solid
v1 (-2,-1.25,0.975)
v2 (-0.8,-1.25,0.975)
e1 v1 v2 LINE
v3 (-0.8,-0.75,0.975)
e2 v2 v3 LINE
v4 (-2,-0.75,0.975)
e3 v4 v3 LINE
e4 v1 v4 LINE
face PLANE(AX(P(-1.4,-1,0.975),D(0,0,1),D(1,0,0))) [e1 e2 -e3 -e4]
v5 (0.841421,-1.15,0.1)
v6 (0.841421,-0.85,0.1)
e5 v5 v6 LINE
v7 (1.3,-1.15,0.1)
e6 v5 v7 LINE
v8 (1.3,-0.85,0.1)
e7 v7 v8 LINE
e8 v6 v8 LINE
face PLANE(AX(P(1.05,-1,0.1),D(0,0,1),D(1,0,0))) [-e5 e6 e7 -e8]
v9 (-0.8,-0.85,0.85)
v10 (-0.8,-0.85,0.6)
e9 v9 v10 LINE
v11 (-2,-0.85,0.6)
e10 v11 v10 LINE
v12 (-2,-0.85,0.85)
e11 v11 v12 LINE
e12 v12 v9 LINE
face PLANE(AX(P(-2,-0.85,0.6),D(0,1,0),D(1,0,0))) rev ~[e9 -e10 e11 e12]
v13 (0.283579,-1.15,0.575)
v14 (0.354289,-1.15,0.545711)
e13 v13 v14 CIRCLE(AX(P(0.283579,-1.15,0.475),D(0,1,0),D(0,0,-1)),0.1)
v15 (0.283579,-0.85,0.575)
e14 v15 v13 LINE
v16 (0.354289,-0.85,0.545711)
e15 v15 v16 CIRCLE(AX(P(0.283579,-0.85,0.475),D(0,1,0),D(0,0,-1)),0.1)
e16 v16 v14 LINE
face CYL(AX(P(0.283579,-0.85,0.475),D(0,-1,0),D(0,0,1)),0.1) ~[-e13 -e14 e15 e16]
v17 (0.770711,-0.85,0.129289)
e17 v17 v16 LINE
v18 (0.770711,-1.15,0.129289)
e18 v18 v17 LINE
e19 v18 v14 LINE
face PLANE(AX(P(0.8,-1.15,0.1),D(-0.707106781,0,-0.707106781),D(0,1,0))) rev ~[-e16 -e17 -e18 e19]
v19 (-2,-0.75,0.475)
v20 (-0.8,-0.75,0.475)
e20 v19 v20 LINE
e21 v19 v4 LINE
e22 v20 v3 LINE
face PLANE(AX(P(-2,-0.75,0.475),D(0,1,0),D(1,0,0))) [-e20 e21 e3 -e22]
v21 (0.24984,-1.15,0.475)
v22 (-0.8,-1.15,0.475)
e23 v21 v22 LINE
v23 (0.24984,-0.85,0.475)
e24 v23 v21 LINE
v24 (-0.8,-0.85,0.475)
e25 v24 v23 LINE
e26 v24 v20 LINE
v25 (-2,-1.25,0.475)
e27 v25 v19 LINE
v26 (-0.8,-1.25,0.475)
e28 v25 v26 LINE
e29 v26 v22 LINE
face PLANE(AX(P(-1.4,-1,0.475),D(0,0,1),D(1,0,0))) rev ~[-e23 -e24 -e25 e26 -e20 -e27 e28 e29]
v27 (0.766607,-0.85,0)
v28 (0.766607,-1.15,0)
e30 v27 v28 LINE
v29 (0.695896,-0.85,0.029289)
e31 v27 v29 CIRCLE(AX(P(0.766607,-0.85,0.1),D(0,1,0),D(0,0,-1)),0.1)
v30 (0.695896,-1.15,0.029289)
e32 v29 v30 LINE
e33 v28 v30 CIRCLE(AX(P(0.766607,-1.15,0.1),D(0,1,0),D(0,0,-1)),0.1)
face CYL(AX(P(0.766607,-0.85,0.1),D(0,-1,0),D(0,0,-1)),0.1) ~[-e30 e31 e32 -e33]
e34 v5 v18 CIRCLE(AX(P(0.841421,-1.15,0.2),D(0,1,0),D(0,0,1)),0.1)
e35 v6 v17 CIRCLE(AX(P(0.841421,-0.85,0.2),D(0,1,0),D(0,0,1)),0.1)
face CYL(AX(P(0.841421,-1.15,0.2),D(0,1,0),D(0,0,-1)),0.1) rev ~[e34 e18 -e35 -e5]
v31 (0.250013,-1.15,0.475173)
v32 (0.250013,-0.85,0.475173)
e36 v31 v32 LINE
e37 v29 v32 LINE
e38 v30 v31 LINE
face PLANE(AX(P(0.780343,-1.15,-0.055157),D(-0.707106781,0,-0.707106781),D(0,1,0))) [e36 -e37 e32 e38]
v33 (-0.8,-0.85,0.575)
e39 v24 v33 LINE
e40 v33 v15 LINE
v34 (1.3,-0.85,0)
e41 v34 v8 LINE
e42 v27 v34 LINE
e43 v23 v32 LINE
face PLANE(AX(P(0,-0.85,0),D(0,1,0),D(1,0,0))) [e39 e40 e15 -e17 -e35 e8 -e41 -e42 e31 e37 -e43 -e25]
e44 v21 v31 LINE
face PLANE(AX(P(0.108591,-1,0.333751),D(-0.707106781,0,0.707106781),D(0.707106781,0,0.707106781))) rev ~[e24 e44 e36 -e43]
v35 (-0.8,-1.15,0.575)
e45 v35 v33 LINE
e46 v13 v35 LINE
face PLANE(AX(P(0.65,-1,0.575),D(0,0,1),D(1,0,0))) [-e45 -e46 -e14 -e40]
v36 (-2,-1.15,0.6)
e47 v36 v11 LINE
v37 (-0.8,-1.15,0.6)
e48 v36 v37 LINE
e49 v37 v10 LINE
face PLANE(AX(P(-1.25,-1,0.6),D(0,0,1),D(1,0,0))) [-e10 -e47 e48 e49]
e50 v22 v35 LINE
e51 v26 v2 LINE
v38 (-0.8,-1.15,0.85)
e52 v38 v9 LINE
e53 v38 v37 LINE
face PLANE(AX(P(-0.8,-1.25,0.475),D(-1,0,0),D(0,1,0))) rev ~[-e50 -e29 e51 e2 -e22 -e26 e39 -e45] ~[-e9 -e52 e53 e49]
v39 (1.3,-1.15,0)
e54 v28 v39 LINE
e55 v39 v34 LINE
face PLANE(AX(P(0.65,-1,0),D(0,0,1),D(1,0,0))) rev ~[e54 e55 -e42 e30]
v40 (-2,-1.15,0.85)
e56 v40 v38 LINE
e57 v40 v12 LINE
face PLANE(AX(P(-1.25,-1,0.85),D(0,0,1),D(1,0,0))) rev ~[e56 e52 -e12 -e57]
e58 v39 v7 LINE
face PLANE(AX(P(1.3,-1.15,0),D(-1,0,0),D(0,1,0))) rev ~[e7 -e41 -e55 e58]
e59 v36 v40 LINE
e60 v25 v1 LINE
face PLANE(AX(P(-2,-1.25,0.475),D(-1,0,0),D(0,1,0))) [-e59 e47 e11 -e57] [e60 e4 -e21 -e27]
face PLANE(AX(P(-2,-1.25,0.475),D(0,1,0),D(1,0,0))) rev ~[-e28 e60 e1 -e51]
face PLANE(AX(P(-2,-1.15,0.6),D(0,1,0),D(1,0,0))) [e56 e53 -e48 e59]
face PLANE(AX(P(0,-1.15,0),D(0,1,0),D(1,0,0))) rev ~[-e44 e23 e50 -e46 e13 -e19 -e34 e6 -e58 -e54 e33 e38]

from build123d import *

# Parameters (mm, degrees)
BOX151_W     = 1.2
BOX151_H     = 0.5
BOX151_DEPTH = 0.5
BOX157_W     = 1.5
BOX157_H     = 0.3
BOX157_DEPTH = 0.1
BOX152_W     = 1.3
BOX152_H     = 0.3
BOX152_DEPTH = 0.575
BOX156_W     = 0.25
BOX156_H     = 0.3
BOX156_DEPTH = 0.475
BOX154_W     = 0.5
BOX154_H     = 0.3
BOX154_DEPTH = 0.5
BOX155_W     = 0.5
BOX155_H     = 0.3
BOX155_DEPTH = 0.75
BOX158_W     = 0.4
BOX158_H     = 0.3
BOX158_DEPTH = 0.75
FILLET025_R  = 0.1
FILLET024_R  = 0.1
BOX153_W     = 1.5
BOX153_H     = 0.3
BOX153_DEPTH = 0.25
FILLET031_R  = 0.1


with BuildPart() as part:
    # Box151 → Box151 (join)
    with BuildSketch(Plane(origin=(-2, 4.25, 0.475), x_dir=(1, 0, 0), z_dir=(0, 0, 1))):
        with Locations((0.6, 0.25)):
            Rectangle(BOX151_W, BOX151_H)
    extrude(amount=BOX151_DEPTH)

    # Box157 → Box157 (join)
    with BuildSketch(Plane(origin=(-0.8, 4.35, 0.475), x_dir=(1, 0, 0), z_dir=(0, 0, 1))):
        with Locations((0.75, 0.15)):
            Rectangle(BOX157_W, BOX157_H)
    extrude(amount=BOX157_DEPTH)

    # Box152 → Box152 (join)
    with BuildSketch(Plane(origin=(0, 4.35, 0), x_dir=(1, 0, 0), z_dir=(0, 0, 1))):
        with Locations((0.65, 0.15)):
            Rectangle(BOX152_W, BOX152_H)
    extrude(amount=BOX152_DEPTH)

    # Box156 → Box156 (cut)
    with BuildSketch(Plane(origin=(0, 4.35, 0), x_dir=(1, 0, 0), z_dir=(0, 0, 1))):
        with Locations((0.125, 0.15)):
            Rectangle(BOX156_W, BOX156_H)
    extrude(amount=BOX156_DEPTH, mode=Mode.SUBTRACT)

    # Box154 → Box154 (cut)
    with BuildSketch(Plane(origin=(0.8, 4.35, 0.1), x_dir=(1, 0, 0), z_dir=(0, 0, 1))):
        with Locations((0.25, 0.15)):
            Rectangle(BOX154_W, BOX154_H)
    extrude(amount=BOX154_DEPTH, mode=Mode.SUBTRACT)

    # Box155 → Box155 (cut)
    with BuildSketch(Plane(origin=(0.8, 4.35, 0.1), x_dir=(0.707107, 0, 0.707107), z_dir=(-0.707107, 0, 0.707107))):
        with Locations((0.25, 0.15)):
            Rectangle(BOX155_W, BOX155_H)
    extrude(amount=BOX155_DEPTH, mode=Mode.SUBTRACT)

    # Box158 → Box158 (cut)
    with BuildSketch(Plane(origin=(0.4975, 4.35, -0.338), x_dir=(0.707107, 0, 0.707107), z_dir=(-0.707107, 0, 0.707107))):
        with Locations((0.2, 0.15)):
            Rectangle(BOX158_W, BOX158_H)
    extrude(amount=BOX158_DEPTH, mode=Mode.SUBTRACT)

    # Fillet025
    fillet025_edges = [part.edges().sort_by_distance(p)[0] for p in [
        (0.325, 4.5, 0.575),
    ]]
    fillet(fillet025_edges, radius=FILLET025_R)

    # Fillet024
    fillet024_edges = [part.edges().sort_by_distance(p)[0] for p in [
        (0.725185, 4.5, 0),
    ]]
    fillet(fillet024_edges, radius=FILLET024_R)

    # Box153 → Box153 (cut)
    with BuildSketch(Plane(origin=(-2, 4.35, 0.6), x_dir=(1, 0, 0), z_dir=(0, 0, 1))):
        with Locations((0.75, 0.15)):
            Rectangle(BOX153_W, BOX153_H)
    extrude(amount=BOX153_DEPTH, mode=Mode.SUBTRACT)

    # Fillet031
    fillet031_edges = [part.edges().sort_by_distance(p)[0] for p in [
        (0.8, 4.5, 0.1),
    ]]
    fillet(fillet031_edges, radius=FILLET031_R)


with BuildPart() as part_1:
    # Body046 placement: moved
    add(part.part.moved(Location((0, -5.5, 0))))


solid = part_1.part
